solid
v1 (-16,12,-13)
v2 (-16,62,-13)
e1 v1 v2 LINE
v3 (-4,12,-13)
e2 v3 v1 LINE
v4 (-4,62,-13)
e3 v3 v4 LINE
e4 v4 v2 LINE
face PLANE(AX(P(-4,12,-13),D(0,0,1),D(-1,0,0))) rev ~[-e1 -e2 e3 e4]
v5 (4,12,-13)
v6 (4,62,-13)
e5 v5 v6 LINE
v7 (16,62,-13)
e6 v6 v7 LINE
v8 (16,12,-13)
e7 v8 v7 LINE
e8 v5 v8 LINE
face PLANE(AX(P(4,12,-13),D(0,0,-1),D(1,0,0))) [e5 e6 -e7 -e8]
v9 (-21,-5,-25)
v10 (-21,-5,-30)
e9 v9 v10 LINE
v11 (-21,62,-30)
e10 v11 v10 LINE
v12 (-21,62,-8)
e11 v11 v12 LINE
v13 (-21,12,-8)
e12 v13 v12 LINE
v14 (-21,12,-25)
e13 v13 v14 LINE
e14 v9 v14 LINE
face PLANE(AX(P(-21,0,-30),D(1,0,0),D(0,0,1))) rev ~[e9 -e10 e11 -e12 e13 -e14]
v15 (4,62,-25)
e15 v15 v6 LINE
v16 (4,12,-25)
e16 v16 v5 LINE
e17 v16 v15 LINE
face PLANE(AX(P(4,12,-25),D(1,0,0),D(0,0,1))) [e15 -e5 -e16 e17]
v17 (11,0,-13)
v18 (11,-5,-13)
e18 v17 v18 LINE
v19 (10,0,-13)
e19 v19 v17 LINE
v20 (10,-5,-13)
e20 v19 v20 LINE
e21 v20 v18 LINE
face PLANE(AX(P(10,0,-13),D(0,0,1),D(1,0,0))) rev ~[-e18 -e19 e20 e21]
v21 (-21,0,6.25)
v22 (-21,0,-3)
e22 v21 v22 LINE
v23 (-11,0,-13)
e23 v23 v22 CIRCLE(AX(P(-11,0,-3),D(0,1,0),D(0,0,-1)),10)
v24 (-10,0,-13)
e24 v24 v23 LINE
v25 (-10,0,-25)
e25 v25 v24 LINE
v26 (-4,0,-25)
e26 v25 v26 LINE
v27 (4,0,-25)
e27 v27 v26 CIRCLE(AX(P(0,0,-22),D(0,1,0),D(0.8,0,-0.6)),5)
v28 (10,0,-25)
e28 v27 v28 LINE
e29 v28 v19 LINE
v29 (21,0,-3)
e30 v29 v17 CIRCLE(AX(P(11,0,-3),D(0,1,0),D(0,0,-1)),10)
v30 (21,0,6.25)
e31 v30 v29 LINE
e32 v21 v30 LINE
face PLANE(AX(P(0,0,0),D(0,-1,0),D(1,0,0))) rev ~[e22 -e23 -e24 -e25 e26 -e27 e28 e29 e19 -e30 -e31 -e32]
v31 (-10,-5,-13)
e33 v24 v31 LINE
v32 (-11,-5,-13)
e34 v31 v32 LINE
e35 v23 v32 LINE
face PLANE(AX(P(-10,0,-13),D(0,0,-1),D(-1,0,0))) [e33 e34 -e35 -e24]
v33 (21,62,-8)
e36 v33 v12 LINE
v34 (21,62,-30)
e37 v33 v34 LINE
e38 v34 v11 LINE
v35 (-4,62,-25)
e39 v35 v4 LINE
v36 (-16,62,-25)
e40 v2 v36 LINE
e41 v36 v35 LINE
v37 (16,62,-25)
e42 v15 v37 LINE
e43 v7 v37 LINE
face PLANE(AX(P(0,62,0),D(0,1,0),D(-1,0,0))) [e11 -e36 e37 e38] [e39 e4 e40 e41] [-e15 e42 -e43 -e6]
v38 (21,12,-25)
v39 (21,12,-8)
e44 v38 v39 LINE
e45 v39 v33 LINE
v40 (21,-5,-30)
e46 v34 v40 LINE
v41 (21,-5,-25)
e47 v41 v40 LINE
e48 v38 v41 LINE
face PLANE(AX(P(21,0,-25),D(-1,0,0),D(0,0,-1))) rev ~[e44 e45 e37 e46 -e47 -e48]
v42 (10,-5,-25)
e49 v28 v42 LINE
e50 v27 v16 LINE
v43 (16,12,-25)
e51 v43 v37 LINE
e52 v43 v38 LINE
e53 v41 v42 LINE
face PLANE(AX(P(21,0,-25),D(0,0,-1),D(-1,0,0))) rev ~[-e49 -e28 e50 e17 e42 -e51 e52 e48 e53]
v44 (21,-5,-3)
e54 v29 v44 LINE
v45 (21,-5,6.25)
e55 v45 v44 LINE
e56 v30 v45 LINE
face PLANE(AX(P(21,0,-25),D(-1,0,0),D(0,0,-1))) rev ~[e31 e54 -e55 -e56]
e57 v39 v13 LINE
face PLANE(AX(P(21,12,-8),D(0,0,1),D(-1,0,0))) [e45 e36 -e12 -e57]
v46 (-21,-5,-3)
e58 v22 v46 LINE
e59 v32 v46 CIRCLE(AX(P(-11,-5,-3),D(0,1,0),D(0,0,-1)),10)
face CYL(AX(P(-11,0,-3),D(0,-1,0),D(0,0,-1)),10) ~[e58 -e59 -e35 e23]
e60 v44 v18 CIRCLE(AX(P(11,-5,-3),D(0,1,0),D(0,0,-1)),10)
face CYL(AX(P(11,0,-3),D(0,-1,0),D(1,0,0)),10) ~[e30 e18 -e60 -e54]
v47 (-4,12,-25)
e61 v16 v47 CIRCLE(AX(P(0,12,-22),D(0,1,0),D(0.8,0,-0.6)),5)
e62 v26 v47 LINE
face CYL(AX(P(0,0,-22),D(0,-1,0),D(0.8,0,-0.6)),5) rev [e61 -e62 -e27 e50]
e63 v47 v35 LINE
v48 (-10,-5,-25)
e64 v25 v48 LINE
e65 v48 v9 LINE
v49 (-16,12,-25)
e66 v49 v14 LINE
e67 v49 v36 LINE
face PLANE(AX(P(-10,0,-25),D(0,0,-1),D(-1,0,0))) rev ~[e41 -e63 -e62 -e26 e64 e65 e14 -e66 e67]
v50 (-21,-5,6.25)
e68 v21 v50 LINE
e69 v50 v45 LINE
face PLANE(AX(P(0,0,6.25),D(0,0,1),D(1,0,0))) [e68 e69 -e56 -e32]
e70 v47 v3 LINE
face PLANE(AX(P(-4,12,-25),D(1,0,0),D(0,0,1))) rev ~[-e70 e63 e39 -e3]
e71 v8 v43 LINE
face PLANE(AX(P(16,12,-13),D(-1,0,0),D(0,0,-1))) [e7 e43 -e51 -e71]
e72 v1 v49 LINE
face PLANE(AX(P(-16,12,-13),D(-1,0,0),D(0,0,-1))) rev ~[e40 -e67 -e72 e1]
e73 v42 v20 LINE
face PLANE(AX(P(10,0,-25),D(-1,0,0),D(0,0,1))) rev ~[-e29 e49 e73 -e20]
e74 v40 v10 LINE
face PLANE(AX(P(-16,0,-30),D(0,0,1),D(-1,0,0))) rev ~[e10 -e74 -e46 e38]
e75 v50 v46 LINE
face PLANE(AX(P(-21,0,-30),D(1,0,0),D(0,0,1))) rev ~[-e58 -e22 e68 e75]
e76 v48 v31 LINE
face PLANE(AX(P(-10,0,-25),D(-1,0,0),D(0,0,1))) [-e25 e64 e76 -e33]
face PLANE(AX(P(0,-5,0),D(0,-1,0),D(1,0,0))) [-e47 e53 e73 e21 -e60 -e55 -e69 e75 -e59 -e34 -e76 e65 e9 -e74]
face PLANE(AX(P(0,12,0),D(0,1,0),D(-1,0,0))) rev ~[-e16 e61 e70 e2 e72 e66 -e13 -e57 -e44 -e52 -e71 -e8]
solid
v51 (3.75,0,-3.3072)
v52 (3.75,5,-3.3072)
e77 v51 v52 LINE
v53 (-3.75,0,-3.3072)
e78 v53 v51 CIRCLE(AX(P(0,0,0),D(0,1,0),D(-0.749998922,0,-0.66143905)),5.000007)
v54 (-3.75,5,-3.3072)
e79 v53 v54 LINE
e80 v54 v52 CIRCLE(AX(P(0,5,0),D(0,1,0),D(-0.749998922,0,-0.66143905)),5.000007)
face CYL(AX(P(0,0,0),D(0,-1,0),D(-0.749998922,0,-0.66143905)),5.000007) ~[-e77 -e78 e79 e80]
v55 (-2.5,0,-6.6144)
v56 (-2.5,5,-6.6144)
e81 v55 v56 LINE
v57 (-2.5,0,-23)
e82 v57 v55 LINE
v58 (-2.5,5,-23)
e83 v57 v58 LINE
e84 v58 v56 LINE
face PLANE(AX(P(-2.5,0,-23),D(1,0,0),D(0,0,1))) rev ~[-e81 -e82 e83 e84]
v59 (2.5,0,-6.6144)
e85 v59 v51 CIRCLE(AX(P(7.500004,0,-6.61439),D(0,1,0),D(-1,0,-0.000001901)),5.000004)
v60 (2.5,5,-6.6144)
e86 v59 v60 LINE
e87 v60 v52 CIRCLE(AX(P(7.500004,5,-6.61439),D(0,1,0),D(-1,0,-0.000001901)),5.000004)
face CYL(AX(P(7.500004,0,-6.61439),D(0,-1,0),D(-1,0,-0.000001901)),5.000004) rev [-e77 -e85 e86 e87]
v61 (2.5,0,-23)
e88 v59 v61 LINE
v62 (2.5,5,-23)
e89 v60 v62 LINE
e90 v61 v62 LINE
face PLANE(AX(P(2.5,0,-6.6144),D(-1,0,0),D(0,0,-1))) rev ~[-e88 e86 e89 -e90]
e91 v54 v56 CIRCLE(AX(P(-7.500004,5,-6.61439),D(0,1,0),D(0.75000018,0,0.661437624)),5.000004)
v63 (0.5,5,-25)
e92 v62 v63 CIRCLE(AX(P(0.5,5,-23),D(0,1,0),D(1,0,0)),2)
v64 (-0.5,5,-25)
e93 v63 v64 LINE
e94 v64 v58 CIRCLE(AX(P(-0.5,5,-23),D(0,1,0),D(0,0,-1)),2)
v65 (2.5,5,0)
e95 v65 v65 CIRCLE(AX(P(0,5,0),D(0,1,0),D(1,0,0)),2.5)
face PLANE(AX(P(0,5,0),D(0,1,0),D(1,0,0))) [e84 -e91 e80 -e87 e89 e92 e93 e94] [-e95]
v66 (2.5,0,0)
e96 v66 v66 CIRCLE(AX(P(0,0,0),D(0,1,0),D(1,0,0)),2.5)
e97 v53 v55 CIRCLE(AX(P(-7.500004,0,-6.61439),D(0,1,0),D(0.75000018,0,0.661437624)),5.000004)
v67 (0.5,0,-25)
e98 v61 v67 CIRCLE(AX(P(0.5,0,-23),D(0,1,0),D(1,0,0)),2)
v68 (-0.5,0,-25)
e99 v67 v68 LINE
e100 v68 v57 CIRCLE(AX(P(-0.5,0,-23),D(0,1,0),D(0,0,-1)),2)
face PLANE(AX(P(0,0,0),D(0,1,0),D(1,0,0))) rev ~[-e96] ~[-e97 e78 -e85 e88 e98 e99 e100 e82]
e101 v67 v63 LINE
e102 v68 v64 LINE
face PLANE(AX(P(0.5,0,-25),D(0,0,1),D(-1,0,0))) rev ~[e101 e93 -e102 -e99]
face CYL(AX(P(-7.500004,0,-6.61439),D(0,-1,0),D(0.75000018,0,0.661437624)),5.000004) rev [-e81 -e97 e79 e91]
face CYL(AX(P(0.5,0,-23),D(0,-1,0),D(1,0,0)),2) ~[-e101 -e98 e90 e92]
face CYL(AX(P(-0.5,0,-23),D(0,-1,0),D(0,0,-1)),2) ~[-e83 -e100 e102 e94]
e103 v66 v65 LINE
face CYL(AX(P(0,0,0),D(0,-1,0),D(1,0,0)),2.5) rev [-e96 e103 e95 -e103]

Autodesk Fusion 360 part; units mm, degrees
sketch "Sketch1" plane through (0, 0, 0) normal (0, 1, 0) x (1, 0, 0)
  circle A0 centre (0, 0) radius 2.5
  line L0 (2.5, 6.6144) -> (2.5, 23)
  line L1 (0.5, 25) -> (-0.5, 25)
  line L2 (-2.5, 23) -> (-2.5, 6.6144)
  arc A1 (-3.75, 3.3072) -> (3.75, 3.3072) centre (0, 0) ccw
  arc A2 (-3.75, 3.3072) -> (-2.5, 6.6144) centre (-7.5, 6.6144) ccw
  arc A3 (2.5, 6.6144) -> (3.75, 3.3072) centre (7.5, 6.6144) ccw
  arc A4 (-0.5, 25) -> (-2.5, 23) centre (-0.5, 23) ccw
  arc A5 (2.5, 23) -> (0.5, 25) centre (0.5, 23) ccw
  dimension "d1" = 5
  dimension "d2" = 10
  dimension "d5" = 5
  dimension "d6" = 2
extrude "Extrude1" add sketch "Sketch1" along normal blind 5 makes body 1
sketch "Sketch5" plane through (0, 0, 0) normal (0, -1, 0) x (1, 0, 0)
  circle A0 centre (0, 0) radius 2.5
  line L0 (2.5, -23) -> (2.5, -6.6144)
  arc A1 (3.75, -3.3072) -> (2.5, -6.6144) centre (7.5, -6.6144) ccw
  arc A2 (3.75, -3.3072) -> (-3.75, -3.3072) centre (0, 0) ccw
  arc A3 (-2.5, -6.6144) -> (-3.75, -3.3072) centre (-7.5, -6.6144) ccw
  line L1 (-2.5, -6.6144) -> (-2.5, -23)
  arc A4 (-2.5, -23) -> (-0.5, -25) centre (-0.5, -23) ccw
  line L2 (-0.5, -25) -> (0.5, -25)
  arc A5 (0.5, -25) -> (2.5, -23) centre (0.5, -23) ccw
  line L3 (0, 6.25) -> (21, 6.25)
  line L4 (21, 6.25) -> (21, -30)
  line L5 (21, -30) -> (0, -30)
  line L6 (0, 6.25) -> (-21, 6.25)
  line L7 (-21, 6.25) -> (-21, -30)
  line L8 (-21, -30) -> (0, -30)
  dimension "d42" = 6.25
  dimension "d49" = 21
  dimension "d50" = 36.25
extrude "Extrude5" add sketch "Sketch5" along normal blind 5 separate body contours A0 | L0 A1 A2 A3 L1 A4 L2 A5 | L3 L4 L5 L6 L7 L8 makes body 2
sketch "Sketch6" plane through (0, 0, 0) normal (0, 1, 0) x (-1, 0, 0)
  line L0 (21, 6.25) -> (-21, 6.25)
  line L1 (-21, 6.25) -> (-21, -30)
  line L2 (-21, -30) -> (21, -30)
  line L3 (21, -30) -> (21, 6.25)
  line L4 (21, -30) -> (16, -30)
  line L5 (16, -25) -> (21, -25)
  line L6 (21, -25) -> (21, -30)
  line L7 (16, -25) -> (4, -25)
  line L8 (-4, -25) -> (-21, -25)
  arc A0 (-4, -25) -> (4, -25) centre (0, -22) ccw
  dimension "d53" = 5
  dimension "d54" = 5
  dimension "d55" = 12
extrude "Extrude6" add sketch "Sketch6" along normal blind 12 contours L1 L2 L3 L4 L5 L6 L7 L8 A0 bodies 2
sketch "Sketch7" plane through (0, 12, 0) normal (0, 1, 0) x (-1, 0, 0)
  line L0 (-21, -25) -> (-21, -30)
  line L1 (-21, -30) -> (21, -30)
  line L2 (21, -30) -> (21, -25)
  line L3 (21, -25) -> (4, -25)
  arc A0 (-4, -25) -> (4, -25) centre (0, -22) ccw
  line L4 (-4, -25) -> (-21, -25)
  line L5 (16, -25) -> (4, -25)
  line L6 (4, -25) -> (4, -13)
  line L7 (4, -13) -> (16, -13)
  line L8 (16, -13) -> (16, -25)
  line L9 (-16, -25) -> (-4, -25)
  line L10 (-4, -25) -> (-4, -13)
  line L11 (-4, -13) -> (-16, -13)
  line L12 (-16, -13) -> (-16, -25)
  line L13 (21, -30) -> (-21, -30)
  line L14 (-21, -30) -> (-21, -8)
  line L15 (-21, -8) -> (21, -8)
  line L16 (21, -8) -> (21, -30)
  dimension "d60" = 12
  dimension "d61" = 12
  dimension "d62" = 42
  dimension "d63" = 22
extrude "Extrude7" add sketch "Sketch7" along normal blind 50 contours L0 L1 L2 L3 A0 L4 L5 L9 L13 L14 L16 | L3 A0 L4 L6 L7 L8 L10 L11 L12 L14 L15 L16 bodies 2
sketch "Sketch8" plane through (0, 0, 0) normal (0, 1, 0) x (-1, 0, 0)
  line L0 (4, -25) -> (21, -25)
  line L1 (21, -25) -> (21, 6.25)
  line L2 (21, 6.25) -> (-21, 6.25)
  line L3 (-21, 6.25) -> (-21, -25)
  line L4 (-21, -25) -> (-4, -25)
  arc A0 (-4, -25) -> (4, -25) centre (0, -22) ccw
  line L5 (21, -25) -> (10, -25)
  line L6 (10, -25) -> (10, -13)
  line L7 (10, -13) -> (21, -13)
  line L8 (21, -13) -> (21, -25)
  line L9 (-21, -13) -> (-21, -25)
  line L10 (-21, -25) -> (-10, -25)
  line L11 (-10, -25) -> (-10, -13)
  line L12 (-10, -13) -> (-21, -13)
extrude "Extrude8" cut sketch "Sketch8" against normal blind 5 contours L0 L1 L5 L6 L7 L8 | L3 L4 L9 L10 L11 L12 bodies 2
fillet "Fillet1" radius 10 2 edges at (-21, -2.5, -13) (21, -2.5, -13) on bodies 2
